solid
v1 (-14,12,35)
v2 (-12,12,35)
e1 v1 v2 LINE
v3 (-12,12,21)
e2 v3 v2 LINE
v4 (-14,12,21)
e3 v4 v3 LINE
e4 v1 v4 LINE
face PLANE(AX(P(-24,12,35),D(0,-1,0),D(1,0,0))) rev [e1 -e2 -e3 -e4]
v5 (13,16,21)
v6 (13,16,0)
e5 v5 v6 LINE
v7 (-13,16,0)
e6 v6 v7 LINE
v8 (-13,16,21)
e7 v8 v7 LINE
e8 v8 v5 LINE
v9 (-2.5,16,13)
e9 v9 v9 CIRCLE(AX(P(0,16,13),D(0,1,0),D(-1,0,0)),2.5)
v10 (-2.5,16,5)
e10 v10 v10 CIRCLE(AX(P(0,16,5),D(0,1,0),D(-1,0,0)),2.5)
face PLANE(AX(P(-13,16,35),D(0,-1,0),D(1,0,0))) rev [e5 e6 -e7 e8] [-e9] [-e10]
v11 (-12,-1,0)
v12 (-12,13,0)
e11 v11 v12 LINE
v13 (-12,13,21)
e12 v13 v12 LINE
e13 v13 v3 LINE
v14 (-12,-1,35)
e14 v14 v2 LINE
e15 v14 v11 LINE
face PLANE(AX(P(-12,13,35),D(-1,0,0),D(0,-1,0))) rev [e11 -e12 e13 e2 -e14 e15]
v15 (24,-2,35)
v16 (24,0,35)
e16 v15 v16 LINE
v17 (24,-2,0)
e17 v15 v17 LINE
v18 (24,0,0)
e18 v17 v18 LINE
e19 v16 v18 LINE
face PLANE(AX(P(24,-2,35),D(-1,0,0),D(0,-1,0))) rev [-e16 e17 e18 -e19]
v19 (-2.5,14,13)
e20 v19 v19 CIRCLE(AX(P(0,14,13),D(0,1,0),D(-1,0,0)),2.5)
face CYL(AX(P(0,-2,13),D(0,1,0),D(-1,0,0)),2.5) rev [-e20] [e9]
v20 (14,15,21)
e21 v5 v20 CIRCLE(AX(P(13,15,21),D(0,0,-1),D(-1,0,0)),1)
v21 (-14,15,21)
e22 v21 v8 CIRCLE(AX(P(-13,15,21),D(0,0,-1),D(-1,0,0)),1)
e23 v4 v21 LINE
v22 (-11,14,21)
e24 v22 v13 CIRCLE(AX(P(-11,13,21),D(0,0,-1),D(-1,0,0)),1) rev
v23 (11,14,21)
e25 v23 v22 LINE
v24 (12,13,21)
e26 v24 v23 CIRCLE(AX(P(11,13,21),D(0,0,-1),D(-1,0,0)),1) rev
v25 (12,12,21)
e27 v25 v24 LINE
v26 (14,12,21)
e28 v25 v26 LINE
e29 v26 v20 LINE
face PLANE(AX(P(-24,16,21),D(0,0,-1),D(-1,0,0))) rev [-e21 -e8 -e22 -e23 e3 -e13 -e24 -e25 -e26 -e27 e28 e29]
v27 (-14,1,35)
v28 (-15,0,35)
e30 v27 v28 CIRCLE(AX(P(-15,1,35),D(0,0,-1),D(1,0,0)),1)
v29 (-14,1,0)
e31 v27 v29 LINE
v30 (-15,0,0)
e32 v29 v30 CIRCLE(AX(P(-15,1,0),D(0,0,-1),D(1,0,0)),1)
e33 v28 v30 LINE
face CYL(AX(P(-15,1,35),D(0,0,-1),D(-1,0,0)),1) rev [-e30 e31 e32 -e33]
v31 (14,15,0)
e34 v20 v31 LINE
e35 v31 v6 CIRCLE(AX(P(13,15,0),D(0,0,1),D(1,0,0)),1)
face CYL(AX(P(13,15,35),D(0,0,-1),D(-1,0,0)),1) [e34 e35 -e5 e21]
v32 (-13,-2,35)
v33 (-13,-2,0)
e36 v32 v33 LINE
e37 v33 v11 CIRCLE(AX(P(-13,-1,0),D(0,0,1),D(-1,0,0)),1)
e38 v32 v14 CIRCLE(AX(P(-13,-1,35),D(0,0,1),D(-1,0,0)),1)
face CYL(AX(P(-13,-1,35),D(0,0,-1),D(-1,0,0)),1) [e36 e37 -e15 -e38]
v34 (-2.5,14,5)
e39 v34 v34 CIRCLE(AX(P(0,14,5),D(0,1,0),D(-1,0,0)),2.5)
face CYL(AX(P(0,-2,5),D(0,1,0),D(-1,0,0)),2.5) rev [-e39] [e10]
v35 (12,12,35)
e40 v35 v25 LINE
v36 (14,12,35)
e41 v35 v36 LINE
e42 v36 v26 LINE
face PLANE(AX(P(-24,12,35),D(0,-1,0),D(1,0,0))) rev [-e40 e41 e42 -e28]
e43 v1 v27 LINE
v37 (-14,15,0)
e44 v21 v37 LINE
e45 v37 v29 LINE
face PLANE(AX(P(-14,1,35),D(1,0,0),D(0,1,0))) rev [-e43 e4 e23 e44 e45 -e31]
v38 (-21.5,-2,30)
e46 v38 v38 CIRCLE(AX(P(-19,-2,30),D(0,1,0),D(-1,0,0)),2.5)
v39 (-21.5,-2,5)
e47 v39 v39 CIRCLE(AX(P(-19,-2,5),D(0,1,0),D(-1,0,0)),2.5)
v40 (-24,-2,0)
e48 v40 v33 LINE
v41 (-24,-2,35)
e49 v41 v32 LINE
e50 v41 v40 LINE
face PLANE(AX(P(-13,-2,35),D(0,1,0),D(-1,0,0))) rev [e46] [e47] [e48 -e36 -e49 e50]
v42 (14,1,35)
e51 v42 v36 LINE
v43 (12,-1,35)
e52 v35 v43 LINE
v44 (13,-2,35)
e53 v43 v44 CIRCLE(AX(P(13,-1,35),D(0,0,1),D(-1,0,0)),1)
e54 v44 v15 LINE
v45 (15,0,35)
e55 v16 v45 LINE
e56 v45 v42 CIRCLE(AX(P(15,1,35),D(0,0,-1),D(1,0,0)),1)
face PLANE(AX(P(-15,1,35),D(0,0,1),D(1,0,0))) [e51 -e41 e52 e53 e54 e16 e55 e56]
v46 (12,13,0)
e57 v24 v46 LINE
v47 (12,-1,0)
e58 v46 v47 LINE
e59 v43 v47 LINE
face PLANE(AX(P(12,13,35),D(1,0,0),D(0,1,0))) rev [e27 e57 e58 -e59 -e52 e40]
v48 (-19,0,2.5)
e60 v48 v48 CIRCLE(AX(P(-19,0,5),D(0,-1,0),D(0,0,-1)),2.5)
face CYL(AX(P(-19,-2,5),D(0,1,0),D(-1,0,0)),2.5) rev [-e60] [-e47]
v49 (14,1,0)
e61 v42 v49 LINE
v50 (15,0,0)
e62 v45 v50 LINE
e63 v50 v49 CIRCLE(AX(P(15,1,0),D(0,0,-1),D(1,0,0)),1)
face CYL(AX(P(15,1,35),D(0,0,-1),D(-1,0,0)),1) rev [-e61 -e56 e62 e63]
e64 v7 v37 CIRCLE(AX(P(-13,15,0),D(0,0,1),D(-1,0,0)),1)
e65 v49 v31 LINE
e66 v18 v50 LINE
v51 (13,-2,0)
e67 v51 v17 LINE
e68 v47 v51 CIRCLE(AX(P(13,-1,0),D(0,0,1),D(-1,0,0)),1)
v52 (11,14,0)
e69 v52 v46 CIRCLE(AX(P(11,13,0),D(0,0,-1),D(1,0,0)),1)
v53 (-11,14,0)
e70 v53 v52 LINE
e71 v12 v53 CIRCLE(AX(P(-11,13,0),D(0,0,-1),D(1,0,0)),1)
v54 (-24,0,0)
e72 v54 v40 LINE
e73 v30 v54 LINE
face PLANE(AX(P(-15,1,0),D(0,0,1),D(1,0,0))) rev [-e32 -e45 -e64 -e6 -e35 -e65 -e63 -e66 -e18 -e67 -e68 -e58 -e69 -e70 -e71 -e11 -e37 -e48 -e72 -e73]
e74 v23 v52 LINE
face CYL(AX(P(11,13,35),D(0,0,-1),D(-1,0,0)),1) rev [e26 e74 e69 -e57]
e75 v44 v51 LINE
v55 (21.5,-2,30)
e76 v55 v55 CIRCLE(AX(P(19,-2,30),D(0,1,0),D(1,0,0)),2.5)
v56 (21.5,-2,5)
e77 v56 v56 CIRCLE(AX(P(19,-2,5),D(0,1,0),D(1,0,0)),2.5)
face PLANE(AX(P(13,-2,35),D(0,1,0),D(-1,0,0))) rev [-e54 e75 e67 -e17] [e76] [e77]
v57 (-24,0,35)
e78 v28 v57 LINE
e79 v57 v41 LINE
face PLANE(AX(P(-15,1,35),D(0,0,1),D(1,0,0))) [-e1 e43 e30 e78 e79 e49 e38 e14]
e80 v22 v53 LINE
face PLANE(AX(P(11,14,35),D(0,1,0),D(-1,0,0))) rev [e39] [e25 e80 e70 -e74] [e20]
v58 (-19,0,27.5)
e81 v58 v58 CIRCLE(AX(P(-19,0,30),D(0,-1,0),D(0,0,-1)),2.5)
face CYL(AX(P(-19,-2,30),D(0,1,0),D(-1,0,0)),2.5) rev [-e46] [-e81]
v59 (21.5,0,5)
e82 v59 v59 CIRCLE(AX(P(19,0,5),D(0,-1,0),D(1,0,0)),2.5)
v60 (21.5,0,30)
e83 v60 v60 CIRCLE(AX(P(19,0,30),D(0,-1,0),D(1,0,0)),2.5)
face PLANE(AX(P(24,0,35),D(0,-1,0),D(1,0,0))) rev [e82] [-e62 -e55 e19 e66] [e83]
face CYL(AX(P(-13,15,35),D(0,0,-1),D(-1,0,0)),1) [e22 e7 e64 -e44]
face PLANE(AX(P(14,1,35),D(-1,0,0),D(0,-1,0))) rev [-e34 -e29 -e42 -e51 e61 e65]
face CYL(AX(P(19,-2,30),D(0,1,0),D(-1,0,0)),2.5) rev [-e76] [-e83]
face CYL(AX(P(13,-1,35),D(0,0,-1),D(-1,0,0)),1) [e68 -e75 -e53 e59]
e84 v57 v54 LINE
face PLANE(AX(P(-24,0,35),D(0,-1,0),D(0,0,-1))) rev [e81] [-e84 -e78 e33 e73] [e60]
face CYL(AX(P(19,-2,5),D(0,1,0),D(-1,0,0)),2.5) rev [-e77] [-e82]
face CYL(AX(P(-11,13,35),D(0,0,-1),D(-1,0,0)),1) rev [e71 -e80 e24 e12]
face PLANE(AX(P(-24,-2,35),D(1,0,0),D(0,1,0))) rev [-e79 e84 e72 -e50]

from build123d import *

# Parameters (mm, degrees)
BOSS_EXTRUDE1_DEPTH     = 35
SKETCH2_W               = 14
SKETCH2_H               = 4
CUT_EXTRUDE1_DEPTH      = 55.083269132
CUT_EXTRUDE2_DEPTH      = 46.354161882
CUT_EXTRUDE2_DEPTH_BACK = 46.354161882
SKETCH3_R               = 2.5


with BuildPart() as part:
    # Sketch1 → Boss-Extrude1 (new body)
    with BuildSketch(Plane.XY):
        with BuildLine():
            Line((-24, 0), (-15, 0))
            ThreePointArc((-15, 0), (-14.292893219, 0.292893219), (-14, 1))
            Line((-14, 1), (-14, 15))
            ThreePointArc((-14, 15), (-13.707106781, 15.707106781), (-13, 16))
            Line((-13, 16), (13, 16))
            ThreePointArc((13, 16), (13.707106781, 15.707106781), (14, 15))
            Line((14, 15), (14, 1))
            ThreePointArc((14, 1), (14.292893219, 0.292893219), (15, 0))
            Line((15, 0), (24, 0))
            Line((24, 0), (24, -2))
            Line((24, -2), (13, -2))
            ThreePointArc((13, -2), (12.292893219, -1.707106781), (12, -1))
            Line((12, -1), (12, 13))
            ThreePointArc((12, 13), (11.707106781, 13.707106781), (11, 14))
            Line((11, 14), (-11, 14))
            ThreePointArc((-11, 14), (-11.707106781, 13.707106781), (-12, 13))
            Line((-12, 13), (-12, -1))
            ThreePointArc((-12, -1), (-12.292893219, -1.707106781), (-13, -2))
            Line((-13, -2), (-24, -2))
            Line((-24, -2), (-24, 0))
        make_face()
    extrude(amount=BOSS_EXTRUDE1_DEPTH)

    # Sketch2 → Cut-Extrude1 (cut, through all)
    with BuildSketch(Plane(origin=(14, 0, 0), x_dir=(0, 0, -1), z_dir=(1, 0, 0))):
        with Locations((-28, 14)):
            Rectangle(SKETCH2_W, SKETCH2_H)
    extrude(amount=-CUT_EXTRUDE1_DEPTH, mode=Mode.SUBTRACT)

    # Sketch3 → Cut-Extrude2 (cut, two sides: drawn at the far end of the back side and taken through both)
    with BuildSketch(Plane(origin=(0, 0, 0), x_dir=(1, 0, 0), z_dir=(0, 1, 0)).offset(-CUT_EXTRUDE2_DEPTH_BACK)):
        with Locations(Location((-19, -5, 0), (0, 0, 180))):
            Circle(SKETCH3_R)
        with Locations(Location((-19, -30, 0), (0, 0, 180))):
            Circle(SKETCH3_R)
        with Locations((19, -30)):
            Circle(SKETCH3_R)
        with Locations((19, -5)):
            Circle(SKETCH3_R)
        with Locations(Location((0, -13, 0), (0, 0, 180))):
            Circle(SKETCH3_R)
        with Locations(Location((0, -5, 0), (0, 0, 180))):
            Circle(SKETCH3_R)
    extrude(amount=CUT_EXTRUDE2_DEPTH + CUT_EXTRUDE2_DEPTH_BACK, mode=Mode.SUBTRACT)


solid = part.part
